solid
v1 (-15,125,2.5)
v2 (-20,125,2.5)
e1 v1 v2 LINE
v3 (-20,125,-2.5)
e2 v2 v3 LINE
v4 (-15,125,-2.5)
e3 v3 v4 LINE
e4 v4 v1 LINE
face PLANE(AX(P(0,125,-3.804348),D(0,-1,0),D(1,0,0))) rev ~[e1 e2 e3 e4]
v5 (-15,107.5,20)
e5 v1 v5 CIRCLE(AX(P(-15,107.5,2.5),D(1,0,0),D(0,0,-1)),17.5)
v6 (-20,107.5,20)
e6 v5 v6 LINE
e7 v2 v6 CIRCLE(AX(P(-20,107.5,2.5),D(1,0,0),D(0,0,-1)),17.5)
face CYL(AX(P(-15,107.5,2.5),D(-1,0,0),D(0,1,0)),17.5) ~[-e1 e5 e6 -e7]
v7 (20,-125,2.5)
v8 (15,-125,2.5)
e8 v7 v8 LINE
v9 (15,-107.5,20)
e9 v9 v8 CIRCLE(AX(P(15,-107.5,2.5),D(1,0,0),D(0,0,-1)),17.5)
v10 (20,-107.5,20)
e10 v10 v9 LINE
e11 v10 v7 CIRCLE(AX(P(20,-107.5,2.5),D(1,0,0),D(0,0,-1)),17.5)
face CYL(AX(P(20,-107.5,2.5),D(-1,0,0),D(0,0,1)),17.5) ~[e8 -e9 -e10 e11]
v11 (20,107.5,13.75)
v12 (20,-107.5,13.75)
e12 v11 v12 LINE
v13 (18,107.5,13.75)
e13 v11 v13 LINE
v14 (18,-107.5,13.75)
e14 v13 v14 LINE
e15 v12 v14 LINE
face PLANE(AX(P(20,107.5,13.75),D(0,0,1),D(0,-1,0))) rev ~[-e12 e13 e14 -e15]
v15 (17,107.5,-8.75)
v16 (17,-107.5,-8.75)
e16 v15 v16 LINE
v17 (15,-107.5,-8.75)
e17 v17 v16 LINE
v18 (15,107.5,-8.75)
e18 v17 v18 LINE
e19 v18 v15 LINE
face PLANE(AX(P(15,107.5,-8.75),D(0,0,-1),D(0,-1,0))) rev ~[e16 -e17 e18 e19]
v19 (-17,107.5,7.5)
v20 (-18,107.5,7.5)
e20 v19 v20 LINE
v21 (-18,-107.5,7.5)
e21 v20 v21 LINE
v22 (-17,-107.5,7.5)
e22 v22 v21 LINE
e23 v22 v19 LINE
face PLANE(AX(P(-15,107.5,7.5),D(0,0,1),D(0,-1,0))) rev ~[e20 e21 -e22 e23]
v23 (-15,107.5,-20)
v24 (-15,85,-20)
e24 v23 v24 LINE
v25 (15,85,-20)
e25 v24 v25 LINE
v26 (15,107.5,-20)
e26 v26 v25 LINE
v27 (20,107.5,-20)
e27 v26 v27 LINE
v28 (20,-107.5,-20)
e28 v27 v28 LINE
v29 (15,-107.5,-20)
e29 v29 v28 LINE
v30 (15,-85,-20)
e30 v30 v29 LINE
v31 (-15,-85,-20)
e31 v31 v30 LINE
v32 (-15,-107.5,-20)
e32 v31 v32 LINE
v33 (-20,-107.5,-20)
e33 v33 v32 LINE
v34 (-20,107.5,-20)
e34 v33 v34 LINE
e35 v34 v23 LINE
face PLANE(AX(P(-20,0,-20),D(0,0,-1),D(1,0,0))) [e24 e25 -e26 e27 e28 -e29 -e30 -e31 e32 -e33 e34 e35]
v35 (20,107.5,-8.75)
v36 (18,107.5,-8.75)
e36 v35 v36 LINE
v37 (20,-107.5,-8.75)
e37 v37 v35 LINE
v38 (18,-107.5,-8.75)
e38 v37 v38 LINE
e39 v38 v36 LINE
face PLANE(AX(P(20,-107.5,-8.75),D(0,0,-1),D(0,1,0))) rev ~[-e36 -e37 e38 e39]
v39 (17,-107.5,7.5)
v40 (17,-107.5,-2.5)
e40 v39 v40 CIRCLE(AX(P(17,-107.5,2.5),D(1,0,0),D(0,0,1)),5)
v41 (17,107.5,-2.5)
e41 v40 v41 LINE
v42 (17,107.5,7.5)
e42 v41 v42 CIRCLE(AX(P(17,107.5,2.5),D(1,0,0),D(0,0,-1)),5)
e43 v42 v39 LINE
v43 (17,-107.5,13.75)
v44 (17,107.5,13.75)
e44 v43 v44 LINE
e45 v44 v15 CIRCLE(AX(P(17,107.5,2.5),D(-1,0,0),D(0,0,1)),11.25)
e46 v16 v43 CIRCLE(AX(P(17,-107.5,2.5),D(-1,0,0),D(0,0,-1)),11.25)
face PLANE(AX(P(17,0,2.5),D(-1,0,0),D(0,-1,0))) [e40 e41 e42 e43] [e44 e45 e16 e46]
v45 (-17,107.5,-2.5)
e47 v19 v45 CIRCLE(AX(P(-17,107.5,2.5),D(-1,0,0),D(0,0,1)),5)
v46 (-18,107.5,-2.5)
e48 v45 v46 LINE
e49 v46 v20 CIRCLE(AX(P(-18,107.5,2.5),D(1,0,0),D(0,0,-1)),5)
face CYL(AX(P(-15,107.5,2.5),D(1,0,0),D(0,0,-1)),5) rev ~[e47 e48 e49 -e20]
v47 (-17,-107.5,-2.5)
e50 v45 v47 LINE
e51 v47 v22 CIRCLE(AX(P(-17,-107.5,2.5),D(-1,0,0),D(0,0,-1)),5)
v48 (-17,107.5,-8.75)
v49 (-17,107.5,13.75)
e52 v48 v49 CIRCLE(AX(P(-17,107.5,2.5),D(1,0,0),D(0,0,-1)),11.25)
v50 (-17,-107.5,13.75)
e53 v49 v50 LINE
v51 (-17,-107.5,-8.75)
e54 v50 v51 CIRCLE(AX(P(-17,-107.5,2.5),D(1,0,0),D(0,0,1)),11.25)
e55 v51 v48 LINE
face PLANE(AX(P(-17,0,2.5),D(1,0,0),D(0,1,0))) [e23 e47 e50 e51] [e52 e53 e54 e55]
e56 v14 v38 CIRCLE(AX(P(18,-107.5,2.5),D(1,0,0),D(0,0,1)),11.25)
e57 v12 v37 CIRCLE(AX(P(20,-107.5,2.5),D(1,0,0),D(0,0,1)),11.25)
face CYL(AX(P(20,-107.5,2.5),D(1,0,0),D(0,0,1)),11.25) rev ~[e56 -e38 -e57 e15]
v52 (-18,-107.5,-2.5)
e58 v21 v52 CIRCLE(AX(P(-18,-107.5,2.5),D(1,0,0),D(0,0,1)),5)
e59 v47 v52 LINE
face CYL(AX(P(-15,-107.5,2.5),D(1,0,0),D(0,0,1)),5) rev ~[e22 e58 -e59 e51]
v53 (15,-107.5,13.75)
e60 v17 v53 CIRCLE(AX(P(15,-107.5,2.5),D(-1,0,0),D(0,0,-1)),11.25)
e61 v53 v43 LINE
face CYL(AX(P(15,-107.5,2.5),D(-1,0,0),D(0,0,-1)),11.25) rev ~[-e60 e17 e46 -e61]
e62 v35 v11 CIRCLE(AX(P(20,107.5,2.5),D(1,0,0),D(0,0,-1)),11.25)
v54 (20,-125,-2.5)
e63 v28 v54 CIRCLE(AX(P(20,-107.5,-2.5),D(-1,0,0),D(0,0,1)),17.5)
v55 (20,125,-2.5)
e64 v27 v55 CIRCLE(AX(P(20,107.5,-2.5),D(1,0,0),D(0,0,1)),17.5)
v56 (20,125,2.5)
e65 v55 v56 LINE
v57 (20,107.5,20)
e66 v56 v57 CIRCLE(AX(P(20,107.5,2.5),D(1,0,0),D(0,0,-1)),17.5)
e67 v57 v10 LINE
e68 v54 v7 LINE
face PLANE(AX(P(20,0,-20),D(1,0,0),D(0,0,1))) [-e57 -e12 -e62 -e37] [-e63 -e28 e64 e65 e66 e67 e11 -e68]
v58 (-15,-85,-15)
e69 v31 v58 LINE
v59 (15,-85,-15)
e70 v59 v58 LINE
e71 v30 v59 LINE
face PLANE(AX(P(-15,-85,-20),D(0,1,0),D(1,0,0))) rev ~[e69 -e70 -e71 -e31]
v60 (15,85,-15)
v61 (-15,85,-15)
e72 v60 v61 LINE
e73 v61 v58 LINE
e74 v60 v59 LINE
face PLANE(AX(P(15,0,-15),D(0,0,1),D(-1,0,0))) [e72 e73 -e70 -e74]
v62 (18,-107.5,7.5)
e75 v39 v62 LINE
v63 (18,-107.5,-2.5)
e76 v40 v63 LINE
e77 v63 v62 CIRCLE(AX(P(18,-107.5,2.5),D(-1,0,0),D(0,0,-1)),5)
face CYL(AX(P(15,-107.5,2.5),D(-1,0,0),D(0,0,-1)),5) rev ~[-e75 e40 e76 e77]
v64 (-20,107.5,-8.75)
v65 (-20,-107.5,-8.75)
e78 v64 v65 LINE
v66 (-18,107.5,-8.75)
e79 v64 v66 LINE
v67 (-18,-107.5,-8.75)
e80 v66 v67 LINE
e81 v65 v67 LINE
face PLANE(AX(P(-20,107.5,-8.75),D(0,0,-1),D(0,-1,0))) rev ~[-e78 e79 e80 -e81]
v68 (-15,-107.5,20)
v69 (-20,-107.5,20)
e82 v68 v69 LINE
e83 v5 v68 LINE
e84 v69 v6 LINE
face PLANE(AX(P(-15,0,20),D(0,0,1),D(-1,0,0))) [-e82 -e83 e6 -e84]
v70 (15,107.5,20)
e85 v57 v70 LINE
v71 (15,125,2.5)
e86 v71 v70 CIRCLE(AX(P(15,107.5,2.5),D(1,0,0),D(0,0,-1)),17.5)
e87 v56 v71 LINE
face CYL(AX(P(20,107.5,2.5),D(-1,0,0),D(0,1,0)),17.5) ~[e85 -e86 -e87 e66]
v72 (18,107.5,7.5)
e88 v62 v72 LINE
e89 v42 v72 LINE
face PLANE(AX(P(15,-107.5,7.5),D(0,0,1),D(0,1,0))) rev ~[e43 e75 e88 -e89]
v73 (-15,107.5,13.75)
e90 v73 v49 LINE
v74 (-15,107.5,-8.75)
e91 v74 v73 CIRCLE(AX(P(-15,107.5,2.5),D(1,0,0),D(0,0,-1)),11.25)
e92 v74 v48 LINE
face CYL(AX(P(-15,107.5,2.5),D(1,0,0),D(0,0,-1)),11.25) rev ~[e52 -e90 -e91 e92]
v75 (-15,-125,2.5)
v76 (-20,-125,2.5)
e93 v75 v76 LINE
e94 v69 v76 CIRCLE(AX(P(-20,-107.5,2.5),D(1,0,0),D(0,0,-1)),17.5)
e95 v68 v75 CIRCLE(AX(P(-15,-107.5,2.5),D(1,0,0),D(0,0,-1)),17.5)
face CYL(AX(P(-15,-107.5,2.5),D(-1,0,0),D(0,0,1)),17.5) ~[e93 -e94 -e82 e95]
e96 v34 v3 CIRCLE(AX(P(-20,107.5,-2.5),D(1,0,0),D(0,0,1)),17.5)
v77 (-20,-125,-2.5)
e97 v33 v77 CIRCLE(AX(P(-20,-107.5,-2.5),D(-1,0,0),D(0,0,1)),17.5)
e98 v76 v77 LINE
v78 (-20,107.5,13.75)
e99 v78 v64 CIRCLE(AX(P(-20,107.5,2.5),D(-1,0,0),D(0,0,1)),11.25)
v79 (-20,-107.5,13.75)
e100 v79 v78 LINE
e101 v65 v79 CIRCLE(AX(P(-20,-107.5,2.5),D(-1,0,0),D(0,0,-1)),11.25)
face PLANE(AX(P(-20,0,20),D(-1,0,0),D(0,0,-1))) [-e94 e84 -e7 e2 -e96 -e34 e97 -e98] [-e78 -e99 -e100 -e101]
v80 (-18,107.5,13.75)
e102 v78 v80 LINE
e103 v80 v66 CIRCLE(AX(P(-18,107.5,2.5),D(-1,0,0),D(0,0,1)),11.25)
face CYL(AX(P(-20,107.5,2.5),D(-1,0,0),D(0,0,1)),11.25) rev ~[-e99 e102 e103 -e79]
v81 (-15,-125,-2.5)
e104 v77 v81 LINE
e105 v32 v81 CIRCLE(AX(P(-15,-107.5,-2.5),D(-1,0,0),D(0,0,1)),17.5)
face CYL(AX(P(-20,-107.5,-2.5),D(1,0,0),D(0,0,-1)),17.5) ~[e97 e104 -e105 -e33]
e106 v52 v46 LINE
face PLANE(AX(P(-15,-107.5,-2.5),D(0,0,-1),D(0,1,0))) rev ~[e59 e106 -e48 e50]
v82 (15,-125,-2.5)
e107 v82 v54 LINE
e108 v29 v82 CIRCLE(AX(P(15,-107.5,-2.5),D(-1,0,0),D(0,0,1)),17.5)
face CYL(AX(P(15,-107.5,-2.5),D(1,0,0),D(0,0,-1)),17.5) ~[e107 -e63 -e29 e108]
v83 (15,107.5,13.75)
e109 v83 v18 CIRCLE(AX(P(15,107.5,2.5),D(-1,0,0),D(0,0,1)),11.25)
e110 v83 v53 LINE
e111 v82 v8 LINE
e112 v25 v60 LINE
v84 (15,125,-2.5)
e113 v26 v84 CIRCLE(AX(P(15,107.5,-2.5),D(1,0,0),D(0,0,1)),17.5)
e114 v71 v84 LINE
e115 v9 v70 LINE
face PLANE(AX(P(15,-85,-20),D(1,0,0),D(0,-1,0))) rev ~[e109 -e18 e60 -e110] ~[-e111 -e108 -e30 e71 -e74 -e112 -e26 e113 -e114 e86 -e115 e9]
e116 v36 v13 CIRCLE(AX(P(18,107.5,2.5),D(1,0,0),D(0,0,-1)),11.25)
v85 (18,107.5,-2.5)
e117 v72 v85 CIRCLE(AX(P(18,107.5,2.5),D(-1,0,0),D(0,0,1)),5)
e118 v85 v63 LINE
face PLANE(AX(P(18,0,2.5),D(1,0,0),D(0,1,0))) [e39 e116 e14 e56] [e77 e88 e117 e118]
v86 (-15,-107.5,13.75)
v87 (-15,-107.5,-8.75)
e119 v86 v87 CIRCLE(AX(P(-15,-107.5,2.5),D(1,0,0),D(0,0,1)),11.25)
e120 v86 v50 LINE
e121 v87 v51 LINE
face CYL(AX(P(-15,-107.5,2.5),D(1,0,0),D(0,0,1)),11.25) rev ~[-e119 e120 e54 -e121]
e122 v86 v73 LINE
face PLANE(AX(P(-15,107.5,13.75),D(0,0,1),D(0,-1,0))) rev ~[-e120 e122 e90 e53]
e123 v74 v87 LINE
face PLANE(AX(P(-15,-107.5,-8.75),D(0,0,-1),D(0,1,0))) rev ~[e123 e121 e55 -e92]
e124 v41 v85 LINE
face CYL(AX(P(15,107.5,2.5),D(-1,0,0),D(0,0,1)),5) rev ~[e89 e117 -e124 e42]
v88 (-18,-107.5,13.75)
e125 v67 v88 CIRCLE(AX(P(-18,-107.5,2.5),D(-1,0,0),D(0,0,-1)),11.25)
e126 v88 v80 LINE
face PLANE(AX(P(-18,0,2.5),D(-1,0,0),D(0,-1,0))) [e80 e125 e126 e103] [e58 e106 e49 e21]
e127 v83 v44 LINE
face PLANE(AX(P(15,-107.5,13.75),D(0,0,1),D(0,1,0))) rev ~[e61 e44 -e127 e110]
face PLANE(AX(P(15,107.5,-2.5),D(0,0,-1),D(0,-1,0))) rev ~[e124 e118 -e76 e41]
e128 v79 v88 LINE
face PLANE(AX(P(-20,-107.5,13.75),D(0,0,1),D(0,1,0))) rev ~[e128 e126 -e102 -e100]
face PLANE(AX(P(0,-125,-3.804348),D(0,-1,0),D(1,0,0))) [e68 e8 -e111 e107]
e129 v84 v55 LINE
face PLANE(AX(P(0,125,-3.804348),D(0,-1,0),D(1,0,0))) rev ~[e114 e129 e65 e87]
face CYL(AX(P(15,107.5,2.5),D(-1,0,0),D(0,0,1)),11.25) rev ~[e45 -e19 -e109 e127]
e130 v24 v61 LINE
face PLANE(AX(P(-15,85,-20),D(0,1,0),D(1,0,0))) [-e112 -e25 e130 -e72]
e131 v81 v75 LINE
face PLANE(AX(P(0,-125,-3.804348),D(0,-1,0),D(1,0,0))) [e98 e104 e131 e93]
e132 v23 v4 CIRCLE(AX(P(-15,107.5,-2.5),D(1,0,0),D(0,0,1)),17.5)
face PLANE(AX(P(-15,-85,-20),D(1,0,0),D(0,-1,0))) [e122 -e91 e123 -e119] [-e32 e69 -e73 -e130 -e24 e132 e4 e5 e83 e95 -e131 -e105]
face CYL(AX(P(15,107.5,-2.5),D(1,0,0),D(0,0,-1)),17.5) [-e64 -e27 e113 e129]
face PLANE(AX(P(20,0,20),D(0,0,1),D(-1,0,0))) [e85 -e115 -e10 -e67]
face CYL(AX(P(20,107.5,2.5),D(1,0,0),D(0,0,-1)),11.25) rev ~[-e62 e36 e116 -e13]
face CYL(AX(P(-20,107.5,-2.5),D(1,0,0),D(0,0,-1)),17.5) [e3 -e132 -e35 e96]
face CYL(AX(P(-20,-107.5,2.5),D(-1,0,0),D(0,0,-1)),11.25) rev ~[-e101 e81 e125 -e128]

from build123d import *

# Parameters (mm, degrees)
F1_DEPTH      = 125
F1_DEPTH_BACK = 125
F6_DEPTH      = 5.001
F7_DEPTH      = 5.001
F8_DEPTH      = 2
F9_DEPTH      = 2
F10_DEPTH     = 2
F11_DEPTH     = 2
F12_W         = 30
F12_H         = 40
F13_DEPTH     = 40.001
F14_R         = 17.5


with BuildPart() as f1:
    # F0 (on Front) → F1 (new body, two sides)
    with BuildSketch(Plane.XZ) as f1_sk:
        Polygon((-20, -20), (20, -20), (20, 20), (15, 20), (15, -15), (-15, -15), (-15, 20), (-20, 20), align=None)
    extrude(amount=F1_DEPTH)
    extrude(f1_sk.sketch, amount=-F1_DEPTH_BACK)

    # F3 (on face) → F6 (cut, through all)
    with BuildSketch(Plane(origin=(15, 0, 0), x_dir=(0, -1, 0), z_dir=(-1, 0, 0))):
        with BuildLine():
            Line((107.5, 7.5), (0, 7.5))
            Line((0, 7.5), (-107.5, 7.5))
            ThreePointArc((-107.5, 7.5), (-112.5, 2.5), (-107.5, -2.5))
            Line((-107.5, -2.5), (0, -2.5))
            Line((0, -2.5), (107.5, -2.5))
            ThreePointArc((107.5, -2.5), (112.5, 2.5), (107.5, 7.5))
        make_face()
    extrude(amount=-F6_DEPTH, mode=Mode.SUBTRACT)

    # F2 (on face) → F7 (cut, through all)
    with BuildSketch(Plane.YZ.offset(-15)):
        with BuildLine():
            Line((107.5, 7.5), (0, 7.5))
            Line((0, 7.5), (-107.5, 7.5))
            ThreePointArc((-107.5, 7.5), (-112.5, 2.5), (-107.5, -2.5))
            Line((-107.5, -2.5), (0, -2.5))
            Line((0, -2.5), (107.5, -2.5))
            ThreePointArc((107.5, -2.5), (112.5, 2.5), (107.5, 7.5))
        make_face()
    extrude(amount=-F7_DEPTH, mode=Mode.SUBTRACT)

    # F3 (on face) → F8 (cut)
    with BuildSketch(Plane(origin=(15, 0, 0), x_dir=(0, -1, 0), z_dir=(-1, 0, 0))):
        with BuildLine():
            Line((107.5, 13.75), (0, 13.75))
            Line((0, 13.75), (-107.5, 13.75))
            ThreePointArc((-107.5, 13.75), (-118.75, 2.5), (-107.5, -8.75))
            Line((-107.5, -8.75), (0, -8.75))
            Line((0, -8.75), (107.5, -8.75))
            ThreePointArc((107.5, -8.75), (118.75, 2.5), (107.5, 13.75))
        make_face()
        with BuildLine():
            Line((-107.5, 7.5), (0, 7.5))
            Line((0, 7.5), (107.5, 7.5))
            ThreePointArc((107.5, 7.5), (112.5, 2.5), (107.5, -2.5))
            Line((107.5, -2.5), (0, -2.5))
            Line((0, -2.5), (-107.5, -2.5))
            ThreePointArc((-107.5, -2.5), (-112.5, 2.5), (-107.5, 7.5))
        make_face(mode=Mode.SUBTRACT)
    extrude(amount=-F8_DEPTH, mode=Mode.SUBTRACT)

    # F2 (on face) → F9 (cut)
    with BuildSketch(Plane.YZ.offset(-15)):
        with BuildLine():
            Line((107.5, 13.75), (0, 13.75))
            Line((0, 13.75), (-107.5, 13.75))
            ThreePointArc((-107.5, 13.75), (-118.75, 2.5), (-107.5, -8.75))
            Line((-107.5, -8.75), (0, -8.75))
            Line((0, -8.75), (107.5, -8.75))
            ThreePointArc((107.5, -8.75), (118.75, 2.5), (107.5, 13.75))
        make_face()
        with BuildLine():
            Line((-107.5, 7.5), (0, 7.5))
            Line((0, 7.5), (107.5, 7.5))
            ThreePointArc((107.5, 7.5), (112.5, 2.5), (107.5, -2.5))
            Line((107.5, -2.5), (0, -2.5))
            Line((0, -2.5), (-107.5, -2.5))
            ThreePointArc((-107.5, -2.5), (-112.5, 2.5), (-107.5, 7.5))
        make_face(mode=Mode.SUBTRACT)
    extrude(amount=-F9_DEPTH, mode=Mode.SUBTRACT)

    # F4 (on face) → F10 (cut)
    with BuildSketch(Plane(origin=(-20, 0, 0), x_dir=(0, -1, 0), z_dir=(-1, 0, 0))):
        with BuildLine():
            Line((107.5, 13.75), (0, 13.75))
            Line((0, 13.75), (-107.5, 13.75))
            ThreePointArc((-107.5, 13.75), (-118.75, 2.5), (-107.5, -8.75))
            Line((-107.5, -8.75), (0, -8.75))
            Line((0, -8.75), (107.5, -8.75))
            ThreePointArc((107.5, -8.75), (118.75, 2.5), (107.5, 13.75))
        make_face()
        with BuildLine():
            Line((-107.5, 7.5), (0, 7.5))
            Line((0, 7.5), (107.5, 7.5))
            ThreePointArc((107.5, 7.5), (112.5, 2.5), (107.5, -2.5))
            Line((107.5, -2.5), (0, -2.5))
            Line((0, -2.5), (-107.5, -2.5))
            ThreePointArc((-107.5, -2.5), (-112.5, 2.5), (-107.5, 7.5))
        make_face(mode=Mode.SUBTRACT)
    extrude(amount=-F10_DEPTH, mode=Mode.SUBTRACT)

    # F5 (on face) → F11 (cut)
    with BuildSketch(Plane.YZ.offset(20)):
        with BuildLine():
            Line((107.5, 13.75), (0, 13.75))
            Line((0, 13.75), (-107.5, 13.75))
            ThreePointArc((-107.5, 13.75), (-118.75, 2.5), (-107.5, -8.75))
            Line((-107.5, -8.75), (0, -8.75))
            Line((0, -8.75), (107.5, -8.75))
            ThreePointArc((107.5, -8.75), (118.75, 2.5), (107.5, 13.75))
        make_face()
        with BuildLine():
            Line((-107.5, 7.5), (0, 7.5))
            Line((0, 7.5), (107.5, 7.5))
            ThreePointArc((107.5, 7.5), (112.5, 2.5), (107.5, -2.5))
            Line((107.5, -2.5), (0, -2.5))
            Line((0, -2.5), (-107.5, -2.5))
            ThreePointArc((-107.5, -2.5), (-112.5, 2.5), (-107.5, 7.5))
        make_face(mode=Mode.SUBTRACT)
    extrude(amount=-F11_DEPTH, mode=Mode.SUBTRACT)

    # F12 (on face) → F13 (cut, through all)
    with BuildSketch(Plane(origin=(0, 0, -20), x_dir=(1, 0, 0), z_dir=(0, 0, -1))):
        with Locations((0, -105)):
            Rectangle(F12_W, F12_H)
        with Locations((0, 105)):
            Rectangle(F12_W, F12_H)
    extrude(amount=-F13_DEPTH, mode=Mode.SUBTRACT)

    # F14
    f14_edges = [f1.edges().sort_by_distance(p)[0] for p in [
        (-17.5, 125, -20),
        (17.5, 125, -20),
        (-17.5, 125, 20),
        (17.5, 125, 20),
        (17.5, -125, -20),
        (-17.5, -125, -20),
        (17.5, -125, 20),
        (-17.5, -125, 20),
    ]]
    fillet(f14_edges, radius=F14_R)


solid = f1.part
